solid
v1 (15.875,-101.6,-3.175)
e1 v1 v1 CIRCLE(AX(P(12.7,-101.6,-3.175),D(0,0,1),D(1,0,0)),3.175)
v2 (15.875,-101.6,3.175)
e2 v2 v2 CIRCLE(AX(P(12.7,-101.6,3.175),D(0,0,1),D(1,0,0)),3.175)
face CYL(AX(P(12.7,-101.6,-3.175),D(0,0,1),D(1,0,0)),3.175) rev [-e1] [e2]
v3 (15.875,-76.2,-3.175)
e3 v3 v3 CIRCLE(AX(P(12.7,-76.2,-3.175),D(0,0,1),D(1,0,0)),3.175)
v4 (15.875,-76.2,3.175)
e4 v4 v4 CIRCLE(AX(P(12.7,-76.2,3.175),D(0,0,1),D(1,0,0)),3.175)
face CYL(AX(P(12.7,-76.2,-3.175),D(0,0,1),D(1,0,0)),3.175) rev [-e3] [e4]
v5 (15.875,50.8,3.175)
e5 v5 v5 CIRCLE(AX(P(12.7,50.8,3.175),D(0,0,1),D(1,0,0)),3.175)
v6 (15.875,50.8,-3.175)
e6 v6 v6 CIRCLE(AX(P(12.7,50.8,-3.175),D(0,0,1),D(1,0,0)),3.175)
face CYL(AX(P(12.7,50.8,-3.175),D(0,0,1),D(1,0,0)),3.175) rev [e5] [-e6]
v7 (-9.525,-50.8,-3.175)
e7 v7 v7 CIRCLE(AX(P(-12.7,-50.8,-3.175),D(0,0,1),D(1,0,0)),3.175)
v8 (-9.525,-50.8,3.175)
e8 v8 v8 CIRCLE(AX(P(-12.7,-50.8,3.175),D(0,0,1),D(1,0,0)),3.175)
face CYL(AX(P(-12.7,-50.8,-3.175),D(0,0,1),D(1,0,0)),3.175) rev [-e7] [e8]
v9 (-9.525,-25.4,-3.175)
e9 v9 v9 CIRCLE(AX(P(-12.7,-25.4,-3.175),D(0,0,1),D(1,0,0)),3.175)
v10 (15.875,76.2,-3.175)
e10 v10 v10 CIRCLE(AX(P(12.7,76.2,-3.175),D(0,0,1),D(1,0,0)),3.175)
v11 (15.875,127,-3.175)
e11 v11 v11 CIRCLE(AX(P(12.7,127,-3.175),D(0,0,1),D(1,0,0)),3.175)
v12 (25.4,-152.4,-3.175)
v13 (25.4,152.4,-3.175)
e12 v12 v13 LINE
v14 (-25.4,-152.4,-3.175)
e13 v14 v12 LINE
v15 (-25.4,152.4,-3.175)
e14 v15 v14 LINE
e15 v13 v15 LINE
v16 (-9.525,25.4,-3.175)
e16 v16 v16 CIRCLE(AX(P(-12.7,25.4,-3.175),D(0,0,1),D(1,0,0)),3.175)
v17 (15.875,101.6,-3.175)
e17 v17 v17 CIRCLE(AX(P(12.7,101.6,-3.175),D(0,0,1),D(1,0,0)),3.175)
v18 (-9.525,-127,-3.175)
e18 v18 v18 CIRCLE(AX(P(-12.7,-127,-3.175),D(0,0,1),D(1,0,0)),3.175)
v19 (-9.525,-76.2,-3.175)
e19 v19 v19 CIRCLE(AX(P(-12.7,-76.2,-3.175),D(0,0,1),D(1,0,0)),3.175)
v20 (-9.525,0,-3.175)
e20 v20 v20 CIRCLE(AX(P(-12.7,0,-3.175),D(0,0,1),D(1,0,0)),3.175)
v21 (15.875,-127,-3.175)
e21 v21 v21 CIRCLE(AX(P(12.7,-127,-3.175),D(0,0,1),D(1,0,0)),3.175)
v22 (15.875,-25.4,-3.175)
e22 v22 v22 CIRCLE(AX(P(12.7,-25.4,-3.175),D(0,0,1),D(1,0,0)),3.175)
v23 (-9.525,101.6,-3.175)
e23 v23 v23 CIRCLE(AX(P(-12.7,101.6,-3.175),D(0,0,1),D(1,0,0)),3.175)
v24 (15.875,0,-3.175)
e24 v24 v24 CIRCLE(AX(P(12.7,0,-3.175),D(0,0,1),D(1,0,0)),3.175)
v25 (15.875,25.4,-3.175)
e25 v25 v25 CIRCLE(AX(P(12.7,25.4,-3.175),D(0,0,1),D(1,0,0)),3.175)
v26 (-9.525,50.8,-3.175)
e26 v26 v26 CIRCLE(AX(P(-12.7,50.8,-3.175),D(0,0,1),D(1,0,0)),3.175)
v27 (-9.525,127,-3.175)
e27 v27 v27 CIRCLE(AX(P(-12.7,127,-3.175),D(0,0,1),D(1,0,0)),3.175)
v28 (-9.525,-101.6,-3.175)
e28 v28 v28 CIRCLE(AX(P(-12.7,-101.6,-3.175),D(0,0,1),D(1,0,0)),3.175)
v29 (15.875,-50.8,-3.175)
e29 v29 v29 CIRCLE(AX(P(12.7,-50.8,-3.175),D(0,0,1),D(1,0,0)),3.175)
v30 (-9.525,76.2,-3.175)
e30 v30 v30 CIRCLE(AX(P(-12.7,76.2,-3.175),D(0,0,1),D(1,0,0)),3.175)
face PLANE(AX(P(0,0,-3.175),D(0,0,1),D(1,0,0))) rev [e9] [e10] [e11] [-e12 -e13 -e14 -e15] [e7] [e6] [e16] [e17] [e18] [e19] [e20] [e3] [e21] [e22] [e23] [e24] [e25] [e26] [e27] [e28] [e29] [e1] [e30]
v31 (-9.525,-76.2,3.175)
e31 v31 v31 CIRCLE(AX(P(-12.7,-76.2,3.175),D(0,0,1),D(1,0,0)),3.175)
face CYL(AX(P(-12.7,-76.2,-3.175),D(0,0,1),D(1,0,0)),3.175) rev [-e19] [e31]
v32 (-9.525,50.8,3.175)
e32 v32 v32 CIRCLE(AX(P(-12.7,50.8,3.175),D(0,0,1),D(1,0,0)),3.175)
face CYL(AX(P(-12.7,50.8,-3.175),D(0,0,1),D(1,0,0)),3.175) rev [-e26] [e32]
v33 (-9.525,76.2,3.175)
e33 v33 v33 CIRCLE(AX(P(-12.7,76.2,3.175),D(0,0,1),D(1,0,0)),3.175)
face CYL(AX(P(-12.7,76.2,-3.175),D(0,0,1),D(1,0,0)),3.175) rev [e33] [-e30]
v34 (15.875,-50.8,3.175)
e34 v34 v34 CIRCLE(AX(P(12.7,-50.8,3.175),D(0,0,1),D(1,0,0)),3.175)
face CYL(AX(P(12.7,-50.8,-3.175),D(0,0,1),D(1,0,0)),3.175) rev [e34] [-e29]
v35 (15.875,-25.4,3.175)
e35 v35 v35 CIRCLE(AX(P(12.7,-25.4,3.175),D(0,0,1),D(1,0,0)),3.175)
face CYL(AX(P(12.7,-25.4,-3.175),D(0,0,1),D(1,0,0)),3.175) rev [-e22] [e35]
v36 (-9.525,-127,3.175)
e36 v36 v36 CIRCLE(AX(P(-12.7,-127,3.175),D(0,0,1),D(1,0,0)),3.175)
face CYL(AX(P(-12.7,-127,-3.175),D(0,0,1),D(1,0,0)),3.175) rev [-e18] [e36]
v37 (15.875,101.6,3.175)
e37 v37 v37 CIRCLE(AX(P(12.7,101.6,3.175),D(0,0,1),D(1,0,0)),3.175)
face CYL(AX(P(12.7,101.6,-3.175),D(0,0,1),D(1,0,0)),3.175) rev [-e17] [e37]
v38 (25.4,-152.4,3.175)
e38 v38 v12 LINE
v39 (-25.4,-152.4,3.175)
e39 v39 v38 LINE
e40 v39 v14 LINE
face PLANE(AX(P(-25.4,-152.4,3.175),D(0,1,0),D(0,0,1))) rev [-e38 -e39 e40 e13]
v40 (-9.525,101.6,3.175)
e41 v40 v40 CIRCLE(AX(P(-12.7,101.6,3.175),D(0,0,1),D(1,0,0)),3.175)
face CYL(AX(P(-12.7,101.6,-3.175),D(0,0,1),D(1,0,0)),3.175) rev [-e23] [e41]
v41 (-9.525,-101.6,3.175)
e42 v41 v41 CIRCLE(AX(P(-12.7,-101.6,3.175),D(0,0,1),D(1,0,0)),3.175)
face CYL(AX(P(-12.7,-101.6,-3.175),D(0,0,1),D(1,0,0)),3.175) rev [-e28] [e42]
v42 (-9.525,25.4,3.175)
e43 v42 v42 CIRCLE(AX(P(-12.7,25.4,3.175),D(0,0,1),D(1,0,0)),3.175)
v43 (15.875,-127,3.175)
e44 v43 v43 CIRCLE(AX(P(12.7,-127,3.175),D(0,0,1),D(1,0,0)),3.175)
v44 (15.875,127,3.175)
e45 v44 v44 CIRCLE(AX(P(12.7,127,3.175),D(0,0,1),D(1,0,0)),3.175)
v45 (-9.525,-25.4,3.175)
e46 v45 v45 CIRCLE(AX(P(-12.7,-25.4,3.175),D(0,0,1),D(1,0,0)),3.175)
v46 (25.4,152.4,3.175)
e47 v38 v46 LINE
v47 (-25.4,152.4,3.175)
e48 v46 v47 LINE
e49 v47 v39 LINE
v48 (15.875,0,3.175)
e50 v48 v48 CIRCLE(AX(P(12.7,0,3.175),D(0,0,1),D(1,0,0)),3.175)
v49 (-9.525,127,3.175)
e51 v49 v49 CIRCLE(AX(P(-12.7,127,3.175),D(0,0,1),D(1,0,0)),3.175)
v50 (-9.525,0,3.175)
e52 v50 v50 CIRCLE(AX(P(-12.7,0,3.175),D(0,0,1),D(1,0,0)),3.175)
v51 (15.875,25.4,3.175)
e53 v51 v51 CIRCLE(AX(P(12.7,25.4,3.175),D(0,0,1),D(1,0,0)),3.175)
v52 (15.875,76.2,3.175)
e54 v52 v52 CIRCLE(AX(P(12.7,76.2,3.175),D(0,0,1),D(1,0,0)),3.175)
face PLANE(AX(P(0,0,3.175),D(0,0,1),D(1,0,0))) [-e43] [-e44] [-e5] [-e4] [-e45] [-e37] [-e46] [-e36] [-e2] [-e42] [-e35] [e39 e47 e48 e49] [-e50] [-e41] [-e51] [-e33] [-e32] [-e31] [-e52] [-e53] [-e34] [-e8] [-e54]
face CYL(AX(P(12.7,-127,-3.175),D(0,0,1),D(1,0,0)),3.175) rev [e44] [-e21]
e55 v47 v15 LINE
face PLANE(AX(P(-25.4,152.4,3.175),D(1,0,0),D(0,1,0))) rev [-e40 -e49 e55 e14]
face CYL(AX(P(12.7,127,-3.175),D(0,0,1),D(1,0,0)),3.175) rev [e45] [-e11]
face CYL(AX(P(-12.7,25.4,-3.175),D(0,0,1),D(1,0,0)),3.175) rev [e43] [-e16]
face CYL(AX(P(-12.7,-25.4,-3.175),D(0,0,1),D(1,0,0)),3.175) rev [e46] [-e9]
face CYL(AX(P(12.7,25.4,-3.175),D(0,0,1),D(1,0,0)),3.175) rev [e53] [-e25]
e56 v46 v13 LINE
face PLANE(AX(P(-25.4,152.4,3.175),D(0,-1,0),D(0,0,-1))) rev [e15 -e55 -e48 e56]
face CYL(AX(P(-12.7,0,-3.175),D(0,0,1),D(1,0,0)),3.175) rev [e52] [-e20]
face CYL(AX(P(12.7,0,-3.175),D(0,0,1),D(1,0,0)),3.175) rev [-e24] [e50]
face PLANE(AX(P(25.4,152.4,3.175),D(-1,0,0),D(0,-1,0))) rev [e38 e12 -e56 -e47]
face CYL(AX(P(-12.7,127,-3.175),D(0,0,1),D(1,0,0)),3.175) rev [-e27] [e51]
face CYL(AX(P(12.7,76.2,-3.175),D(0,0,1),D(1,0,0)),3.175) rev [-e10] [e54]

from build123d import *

# Parameters (mm, degrees)
SKETCH1_W               = 50.8
SKETCH1_H               = 304.8
BOSS_EXTRUDE1_DEPTH     = 3.175
CUT_EXTRUDE1_DEPTH      = 155.53478775
CUT_EXTRUDE1_DEPTH_BACK = 155.53478775
SKETCH2_R               = 3.175


with BuildPart() as part:
    # Sketch1 → Boss-Extrude1 (new, symmetric)
    with BuildSketch(Plane.XY):
        Rectangle(SKETCH1_W, SKETCH1_H)
    extrude(amount=BOSS_EXTRUDE1_DEPTH, both=True)

    # Sketch2 → Cut-Extrude1 (cut, two sides: drawn at the far end of the back side and taken through both)
    with BuildSketch(Plane.XY.offset(-CUT_EXTRUDE1_DEPTH_BACK)):
        with Locations((-12.7, 127)):
            Circle(SKETCH2_R)
        with Locations((12.7, 127)):
            Circle(SKETCH2_R)
        with Locations((12.7, 101.6)):
            Circle(SKETCH2_R)
        with Locations((12.7, 76.2)):
            Circle(SKETCH2_R)
        with Locations((12.7, 50.8)):
            Circle(SKETCH2_R)
        with Locations((12.7, 25.4)):
            Circle(SKETCH2_R)
        with Locations((12.7, 0)):
            Circle(SKETCH2_R)
        with Locations((12.7, -25.4)):
            Circle(SKETCH2_R)
        with Locations((12.7, -50.8)):
            Circle(SKETCH2_R)
        with Locations((12.7, -76.2)):
            Circle(SKETCH2_R)
        with Locations((12.7, -101.6)):
            Circle(SKETCH2_R)
        with Locations((-12.7, 101.6)):
            Circle(SKETCH2_R)
        with Locations((-12.7, 76.2)):
            Circle(SKETCH2_R)
        with Locations((-12.7, 50.8)):
            Circle(SKETCH2_R)
        with Locations((-12.7, 25.4)):
            Circle(SKETCH2_R)
        with Locations((-12.7, 0)):
            Circle(SKETCH2_R)
        with Locations((-12.7, -25.4)):
            Circle(SKETCH2_R)
        with Locations((-12.7, -50.8)):
            Circle(SKETCH2_R)
        with Locations((-12.7, -76.2)):
            Circle(SKETCH2_R)
        with Locations((-12.7, -101.6)):
            Circle(SKETCH2_R)
        with Locations((-12.7, -127)):
            Circle(SKETCH2_R)
        with Locations((12.7, -127)):
            Circle(SKETCH2_R)
    extrude(amount=CUT_EXTRUDE1_DEPTH + CUT_EXTRUDE1_DEPTH_BACK, mode=Mode.SUBTRACT)


solid = part.part
